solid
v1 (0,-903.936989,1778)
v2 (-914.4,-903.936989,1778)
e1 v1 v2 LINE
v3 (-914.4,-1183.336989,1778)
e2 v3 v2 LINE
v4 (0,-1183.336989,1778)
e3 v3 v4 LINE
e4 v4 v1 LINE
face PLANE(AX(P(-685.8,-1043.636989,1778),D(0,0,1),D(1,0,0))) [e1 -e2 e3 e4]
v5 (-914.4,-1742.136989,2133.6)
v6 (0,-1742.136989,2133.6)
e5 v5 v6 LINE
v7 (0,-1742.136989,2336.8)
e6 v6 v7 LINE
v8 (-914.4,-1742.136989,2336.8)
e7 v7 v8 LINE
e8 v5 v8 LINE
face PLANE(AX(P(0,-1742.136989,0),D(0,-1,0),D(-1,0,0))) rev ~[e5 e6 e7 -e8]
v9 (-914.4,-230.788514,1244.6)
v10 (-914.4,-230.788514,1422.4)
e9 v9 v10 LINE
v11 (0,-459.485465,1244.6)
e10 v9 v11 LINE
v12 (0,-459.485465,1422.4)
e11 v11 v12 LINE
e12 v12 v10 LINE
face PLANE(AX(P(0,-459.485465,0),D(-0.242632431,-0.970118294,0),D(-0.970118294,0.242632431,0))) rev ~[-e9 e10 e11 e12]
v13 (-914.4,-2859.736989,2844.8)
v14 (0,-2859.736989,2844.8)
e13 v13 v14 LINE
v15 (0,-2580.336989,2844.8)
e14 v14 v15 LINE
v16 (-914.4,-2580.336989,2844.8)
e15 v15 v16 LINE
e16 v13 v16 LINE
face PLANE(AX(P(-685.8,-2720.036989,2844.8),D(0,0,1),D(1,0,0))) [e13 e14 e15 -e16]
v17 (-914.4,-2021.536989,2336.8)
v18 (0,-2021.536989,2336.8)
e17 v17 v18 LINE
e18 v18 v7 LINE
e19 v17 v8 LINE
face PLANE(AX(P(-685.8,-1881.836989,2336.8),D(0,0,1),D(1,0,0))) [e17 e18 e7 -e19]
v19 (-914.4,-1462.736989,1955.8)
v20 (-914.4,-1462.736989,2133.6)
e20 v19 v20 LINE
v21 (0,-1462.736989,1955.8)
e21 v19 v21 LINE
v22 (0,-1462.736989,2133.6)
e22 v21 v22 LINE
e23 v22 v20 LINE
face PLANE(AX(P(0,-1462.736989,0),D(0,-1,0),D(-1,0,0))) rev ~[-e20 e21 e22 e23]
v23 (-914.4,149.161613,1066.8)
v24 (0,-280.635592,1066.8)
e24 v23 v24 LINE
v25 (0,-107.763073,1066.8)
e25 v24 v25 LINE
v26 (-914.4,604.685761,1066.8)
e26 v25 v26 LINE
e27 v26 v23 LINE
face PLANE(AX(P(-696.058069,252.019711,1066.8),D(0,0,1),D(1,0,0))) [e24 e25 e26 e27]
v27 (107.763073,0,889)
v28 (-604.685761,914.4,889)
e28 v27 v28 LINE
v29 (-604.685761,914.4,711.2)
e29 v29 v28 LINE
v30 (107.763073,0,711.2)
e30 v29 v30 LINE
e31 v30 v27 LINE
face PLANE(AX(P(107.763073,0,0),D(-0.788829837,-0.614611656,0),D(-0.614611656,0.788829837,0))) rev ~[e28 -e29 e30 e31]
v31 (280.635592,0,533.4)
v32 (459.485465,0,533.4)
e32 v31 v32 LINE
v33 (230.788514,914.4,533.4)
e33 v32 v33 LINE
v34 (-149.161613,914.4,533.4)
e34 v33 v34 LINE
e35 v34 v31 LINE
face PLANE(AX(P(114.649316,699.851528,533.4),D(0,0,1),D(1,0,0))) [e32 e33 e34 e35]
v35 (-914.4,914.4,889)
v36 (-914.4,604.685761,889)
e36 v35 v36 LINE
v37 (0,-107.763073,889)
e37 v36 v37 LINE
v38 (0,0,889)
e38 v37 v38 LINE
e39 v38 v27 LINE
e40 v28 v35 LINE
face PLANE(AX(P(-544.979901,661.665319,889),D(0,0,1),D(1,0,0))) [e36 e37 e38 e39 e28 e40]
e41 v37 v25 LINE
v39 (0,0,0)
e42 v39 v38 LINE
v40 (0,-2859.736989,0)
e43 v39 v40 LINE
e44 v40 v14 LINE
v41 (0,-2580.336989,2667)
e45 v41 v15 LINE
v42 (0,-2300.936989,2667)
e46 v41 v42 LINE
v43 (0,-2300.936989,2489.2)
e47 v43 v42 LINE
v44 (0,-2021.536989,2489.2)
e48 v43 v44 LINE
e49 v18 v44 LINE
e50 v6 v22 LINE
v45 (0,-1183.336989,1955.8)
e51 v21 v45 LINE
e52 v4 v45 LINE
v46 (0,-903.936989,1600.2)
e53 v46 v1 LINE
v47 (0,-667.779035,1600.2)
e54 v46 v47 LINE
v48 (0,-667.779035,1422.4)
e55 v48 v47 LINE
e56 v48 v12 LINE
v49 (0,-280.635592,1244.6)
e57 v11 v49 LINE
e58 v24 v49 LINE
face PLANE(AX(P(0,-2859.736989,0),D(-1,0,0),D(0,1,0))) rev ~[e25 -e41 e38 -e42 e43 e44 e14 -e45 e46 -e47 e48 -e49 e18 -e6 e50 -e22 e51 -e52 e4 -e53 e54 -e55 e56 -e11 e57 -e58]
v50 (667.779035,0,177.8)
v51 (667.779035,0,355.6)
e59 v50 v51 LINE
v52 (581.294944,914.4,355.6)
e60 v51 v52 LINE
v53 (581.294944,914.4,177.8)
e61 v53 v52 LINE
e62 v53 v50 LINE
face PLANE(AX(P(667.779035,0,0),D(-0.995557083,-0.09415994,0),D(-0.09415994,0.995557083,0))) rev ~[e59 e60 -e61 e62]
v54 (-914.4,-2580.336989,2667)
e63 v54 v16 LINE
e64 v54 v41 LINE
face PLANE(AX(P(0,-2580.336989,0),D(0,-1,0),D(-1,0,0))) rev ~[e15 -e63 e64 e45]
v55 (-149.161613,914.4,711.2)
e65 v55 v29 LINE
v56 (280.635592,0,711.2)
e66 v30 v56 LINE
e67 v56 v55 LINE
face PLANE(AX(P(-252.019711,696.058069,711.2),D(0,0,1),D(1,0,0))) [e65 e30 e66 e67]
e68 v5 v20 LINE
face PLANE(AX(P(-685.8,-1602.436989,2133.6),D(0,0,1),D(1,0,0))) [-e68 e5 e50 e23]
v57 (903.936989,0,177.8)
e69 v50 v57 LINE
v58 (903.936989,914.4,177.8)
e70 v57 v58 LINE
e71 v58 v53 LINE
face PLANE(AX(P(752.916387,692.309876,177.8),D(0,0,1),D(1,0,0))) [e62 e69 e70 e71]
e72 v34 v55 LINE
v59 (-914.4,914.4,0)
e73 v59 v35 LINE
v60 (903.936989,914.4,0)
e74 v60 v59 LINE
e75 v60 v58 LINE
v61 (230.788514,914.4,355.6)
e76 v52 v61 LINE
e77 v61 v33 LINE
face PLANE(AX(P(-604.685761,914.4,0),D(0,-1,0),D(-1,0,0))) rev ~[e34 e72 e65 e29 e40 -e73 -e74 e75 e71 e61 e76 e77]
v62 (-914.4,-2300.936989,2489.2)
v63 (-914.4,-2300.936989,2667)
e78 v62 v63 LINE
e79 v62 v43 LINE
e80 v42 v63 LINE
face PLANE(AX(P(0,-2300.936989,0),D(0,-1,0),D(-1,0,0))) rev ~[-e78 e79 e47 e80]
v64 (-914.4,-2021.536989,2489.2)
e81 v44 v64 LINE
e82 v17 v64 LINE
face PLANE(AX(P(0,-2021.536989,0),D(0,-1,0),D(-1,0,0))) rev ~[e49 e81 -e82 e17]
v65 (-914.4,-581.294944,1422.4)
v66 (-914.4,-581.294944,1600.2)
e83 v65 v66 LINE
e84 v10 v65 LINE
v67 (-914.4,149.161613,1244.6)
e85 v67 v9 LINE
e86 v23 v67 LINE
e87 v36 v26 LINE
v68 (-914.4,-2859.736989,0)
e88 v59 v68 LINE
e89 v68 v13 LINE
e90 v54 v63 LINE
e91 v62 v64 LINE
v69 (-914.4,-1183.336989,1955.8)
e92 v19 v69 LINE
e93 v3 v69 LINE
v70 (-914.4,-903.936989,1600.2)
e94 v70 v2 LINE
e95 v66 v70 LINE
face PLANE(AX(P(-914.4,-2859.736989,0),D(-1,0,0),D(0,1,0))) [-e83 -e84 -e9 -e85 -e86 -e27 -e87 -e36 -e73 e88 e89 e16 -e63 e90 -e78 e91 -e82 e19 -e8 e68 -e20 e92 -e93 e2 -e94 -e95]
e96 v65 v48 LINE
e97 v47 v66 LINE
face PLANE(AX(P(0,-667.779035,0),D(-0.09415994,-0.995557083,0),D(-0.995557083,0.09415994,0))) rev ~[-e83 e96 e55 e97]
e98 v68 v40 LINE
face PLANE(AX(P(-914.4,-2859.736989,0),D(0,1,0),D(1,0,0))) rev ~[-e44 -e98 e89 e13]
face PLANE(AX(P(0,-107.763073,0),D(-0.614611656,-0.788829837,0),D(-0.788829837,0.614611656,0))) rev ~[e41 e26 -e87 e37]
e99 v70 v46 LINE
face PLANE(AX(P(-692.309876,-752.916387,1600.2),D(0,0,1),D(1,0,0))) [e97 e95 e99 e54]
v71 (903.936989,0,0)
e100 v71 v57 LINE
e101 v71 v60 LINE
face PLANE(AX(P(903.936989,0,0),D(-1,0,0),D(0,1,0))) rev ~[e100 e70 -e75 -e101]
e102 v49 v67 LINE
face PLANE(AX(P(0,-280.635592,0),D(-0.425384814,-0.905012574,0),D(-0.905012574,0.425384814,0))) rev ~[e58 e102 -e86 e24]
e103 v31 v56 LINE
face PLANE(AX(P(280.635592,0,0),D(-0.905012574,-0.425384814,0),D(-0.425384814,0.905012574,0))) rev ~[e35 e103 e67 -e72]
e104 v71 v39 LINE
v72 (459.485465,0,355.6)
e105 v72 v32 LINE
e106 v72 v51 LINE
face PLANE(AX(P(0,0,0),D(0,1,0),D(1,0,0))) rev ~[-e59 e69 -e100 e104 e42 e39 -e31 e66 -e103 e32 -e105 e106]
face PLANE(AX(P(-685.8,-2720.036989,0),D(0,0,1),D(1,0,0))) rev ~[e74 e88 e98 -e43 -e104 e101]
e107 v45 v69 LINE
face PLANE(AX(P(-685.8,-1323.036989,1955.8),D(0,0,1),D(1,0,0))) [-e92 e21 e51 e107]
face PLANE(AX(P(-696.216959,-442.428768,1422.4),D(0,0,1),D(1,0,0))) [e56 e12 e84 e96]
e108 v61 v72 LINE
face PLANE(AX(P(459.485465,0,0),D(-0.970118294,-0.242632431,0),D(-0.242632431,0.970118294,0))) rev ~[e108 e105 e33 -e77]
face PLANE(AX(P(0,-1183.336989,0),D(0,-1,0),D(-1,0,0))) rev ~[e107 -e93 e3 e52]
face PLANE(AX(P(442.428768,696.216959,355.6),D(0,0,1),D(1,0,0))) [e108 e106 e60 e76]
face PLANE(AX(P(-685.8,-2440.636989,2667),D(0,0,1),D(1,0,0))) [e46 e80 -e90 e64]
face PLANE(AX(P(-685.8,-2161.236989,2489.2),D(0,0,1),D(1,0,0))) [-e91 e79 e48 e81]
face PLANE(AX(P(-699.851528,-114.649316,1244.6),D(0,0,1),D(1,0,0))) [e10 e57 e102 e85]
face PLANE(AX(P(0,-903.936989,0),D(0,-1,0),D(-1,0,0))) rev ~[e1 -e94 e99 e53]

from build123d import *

# Parameters (mm, degrees)
F1_DEPTH  = 177.8
F2_DEPTH  = 355.6
F3_DEPTH  = 533.4
F4_DEPTH  = 711.2
F5_DEPTH  = 889
F6_DEPTH  = 1066.8
F7_DEPTH  = 1244.6
F8_DEPTH  = 1422.4
F9_DEPTH  = 1600.2
F0_W      = 457.2
F0_H      = 279.4
F10_DEPTH = 1778
F11_DEPTH = 1955.8
F12_DEPTH = 2133.6
F13_DEPTH = 2336.8
F14_DEPTH = 2489.2
F15_DEPTH = 2667
F16_DEPTH = 2844.8


with BuildPart() as f1:
    # F0 (on Top) → F1 (new body)
    with BuildSketch(Plane.XY):
        Polygon((581.2949443458, 914.4), (624.5369894972, 457.2), (903.9369894972, 457.2), (903.9369894972, 914.4), align=None)
        Polygon((903.9369894972, 457.2), (624.5369894972, 457.2), (667.7790346486, 0), (903.9369894972, 0), align=None)
    extrude(amount=F1_DEPTH)

    # F0 (on Top) → F2 (join)
    with BuildSketch(Plane.XY):
        Polygon((230.7885144347, 914.4), (345.1369894972, 457.2), (624.5369894972, 457.2), (581.2949443458, 914.4), align=None)
        Polygon((624.5369894972, 457.2), (345.1369894972, 457.2), (459.4854645597, 0), (667.7790346486, 0), align=None)
    extrude(amount=F2_DEPTH)

    # F0 (on Top) → F3 (join)
    with BuildSketch(Plane.XY):
        Polygon((-149.1616126291, 914.4), (65.7369894972, 457.2), (345.1369894972, 457.2), (230.7885144347, 914.4), align=None)
        Polygon((345.1369894972, 457.2), (65.7369894972, 457.2), (280.6355916235, 0), (459.4854645597, 0), align=None)
    extrude(amount=F3_DEPTH)

    # F0 (on Top) → F4 (join)
    with BuildSketch(Plane.XY):
        with BuildLine():
            ThreePointArc((-209.0448536142, 406.6104882777), (-107.5395851755, 444.3726787509), (0, 457.2))
            Line((0, 457.2), (65.7369894972, 457.2))
            Line((65.7369894972, 457.2), (-149.1616126291, 914.4))
            Line((-149.1616126291, 914.4), (-604.6857611484, 914.4))
            Line((-604.6857611484, 914.4), (-209.0448536142, 406.6104882777))
        make_face()
        with BuildLine():
            Line((65.7369894972, 457.2), (0, 457.2))
            ThreePointArc((0, 457.2), (-107.5395851755, 444.3726787509), (-209.0448536142, 406.6104882777))
            Line((-209.0448536142, 406.6104882777), (107.7630734528, 0))
            Line((107.7630734528, 0), (280.6355916235, 0))
            Line((280.6355916235, 0), (65.7369894972, 457.2))
        make_face()
    extrude(amount=F4_DEPTH)

    # F0 (on Top) → F5 (join)
    with BuildSketch(Plane.XY):
        with BuildLine():
            ThreePointArc((-323.2892203585, 323.2892203585), (-269.4076836321, 369.3932051351), (-209.0448536142, 406.6104882777))
            Line((-209.0448536142, 406.6104882777), (-604.6857611484, 914.4))
            Line((-604.6857611484, 914.4), (-914.4, 914.4))
            Line((-914.4, 914.4), (-323.2892203585, 323.2892203585))
        make_face()
        with BuildLine():
            Line((107.7630734528, 0), (-209.0448536142, 406.6104882777))
            ThreePointArc((-209.0448536142, 406.6104882777), (-269.4076836321, 369.3932051351), (-323.2892203585, 323.2892203585))
            Line((-323.2892203585, 323.2892203585), (0, 0))
            Line((0, 0), (107.7630734528, 0))
        make_face()
        with BuildLine():
            ThreePointArc((-406.6104882777, 209.0448536142), (-369.3932051351, 269.4076836321), (-323.2892203585, 323.2892203585))
            Line((-323.2892203585, 323.2892203585), (-914.4, 914.4))
            Line((-914.4, 914.4), (-914.4, 604.6857611484))
            Line((-914.4, 604.6857611484), (-406.6104882777, 209.0448536142))
        make_face()
        with BuildLine():
            Line((0, 0), (-323.2892203585, 323.2892203585))
            ThreePointArc((-323.2892203585, 323.2892203585), (-369.3932051351, 269.4076836321), (-406.6104882777, 209.0448536142))
            Line((-406.6104882777, 209.0448536142), (0, -107.7630734528))
            Line((0, -107.7630734528), (0, 0))
        make_face()
    extrude(amount=F5_DEPTH)

    # F0 (on Top) → F6 (join)
    with BuildSketch(Plane.XY):
        with BuildLine():
            ThreePointArc((-457.2, 0), (-444.3726787509, 107.5395851755), (-406.6104882777, 209.0448536142))
            Line((-406.6104882777, 209.0448536142), (-914.4, 604.6857611484))
            Line((-914.4, 604.6857611484), (-914.4, 149.1616126291))
            Line((-914.4, 149.1616126291), (-457.2, -65.7369894972))
            Line((-457.2, -65.7369894972), (-457.2, 0))
        make_face()
        with BuildLine():
            Line((0, -107.7630734528), (-406.6104882777, 209.0448536142))
            ThreePointArc((-406.6104882777, 209.0448536142), (-444.3726787509, 107.5395851755), (-457.2, 0))
            Line((-457.2, 0), (-457.2, -65.7369894972))
            Line((-457.2, -65.7369894972), (0, -280.6355916235))
            Line((0, -280.6355916235), (0, -107.7630734528))
        make_face()
    extrude(amount=F6_DEPTH)

    # F0 (on Top) → F7 (join)
    with BuildSketch(Plane.XY):
        Polygon((-457.2, -345.1369894972), (-457.2, -65.7369894972), (-914.4, 149.1616126291), (-914.4, -230.7885144347), align=None)
        Polygon((0, -280.6355916235), (-457.2, -65.7369894972), (-457.2, -345.1369894972), (0, -459.4854645597), align=None)
    extrude(amount=F7_DEPTH)

    # F0 (on Top) → F8 (join)
    with BuildSketch(Plane.XY):
        Polygon((-457.2, -624.5369894972), (-457.2, -345.1369894972), (-914.4, -230.7885144347), (-914.4, -581.2949443458), align=None)
        Polygon((0, -459.4854645597), (-457.2, -345.1369894972), (-457.2, -624.5369894972), (0, -667.7790346486), align=None)
    extrude(amount=F8_DEPTH)

    # F0 (on Top) → F9 (join)
    with BuildSketch(Plane.XY):
        Polygon((-457.2, -903.9369894972), (-457.2, -624.5369894972), (-914.4, -581.2949443458), (-914.4, -903.9369894972), align=None)
        Polygon((0, -667.7790346486), (-457.2, -624.5369894972), (-457.2, -903.9369894972), (0, -903.9369894972), align=None)
    extrude(amount=F9_DEPTH)

    # F0 (on Top) → F10 (join)
    with BuildSketch(Plane.XY):
        with Locations((-685.8, -1043.6369894972)):
            Rectangle(F0_W, F0_H)
        with Locations((-228.6, -1043.6369894972)):
            Rectangle(F0_W, F0_H)
    extrude(amount=F10_DEPTH)

    # F0 (on Top) → F11 (join)
    with BuildSketch(Plane.XY):
        with Locations((-685.8, -1323.0369894972)):
            Rectangle(F0_W, F0_H)
        with Locations((-228.6, -1323.0369894972)):
            Rectangle(F0_W, F0_H)
    extrude(amount=F11_DEPTH)

    # F0 (on Top) → F12 (join)
    with BuildSketch(Plane.XY):
        with Locations((-685.8, -1602.4369894972)):
            Rectangle(F0_W, F0_H)
        with Locations((-228.6, -1602.4369894972)):
            Rectangle(F0_W, F0_H)
    extrude(amount=F12_DEPTH)

    # F0 (on Top) → F13 (join)
    with BuildSketch(Plane.XY):
        with Locations((-685.8, -1881.8369894972)):
            Rectangle(F0_W, F0_H)
        with Locations((-228.6, -1881.8369894972)):
            Rectangle(F0_W, F0_H)
    extrude(amount=F13_DEPTH)

    # F0 (on Top) → F14 (join)
    with BuildSketch(Plane.XY):
        with Locations((-685.8, -2161.2369894972)):
            Rectangle(F0_W, F0_H)
        with Locations((-228.6, -2161.2369894972)):
            Rectangle(F0_W, F0_H)
    extrude(amount=F14_DEPTH)

    # F0 (on Top) → F15 (join)
    with BuildSketch(Plane.XY):
        with Locations((-685.8, -2440.6369894972)):
            Rectangle(F0_W, F0_H)
        with Locations((-228.6, -2440.6369894972)):
            Rectangle(F0_W, F0_H)
    extrude(amount=F15_DEPTH)

    # F0 (on Top) → F16 (join)
    with BuildSketch(Plane.XY):
        with Locations((-685.8, -2720.0369894972)):
            Rectangle(F0_W, F0_H)
        with Locations((-228.6, -2720.0369894972)):
            Rectangle(F0_W, F0_H)
    extrude(amount=F16_DEPTH)


solid = f1.part
